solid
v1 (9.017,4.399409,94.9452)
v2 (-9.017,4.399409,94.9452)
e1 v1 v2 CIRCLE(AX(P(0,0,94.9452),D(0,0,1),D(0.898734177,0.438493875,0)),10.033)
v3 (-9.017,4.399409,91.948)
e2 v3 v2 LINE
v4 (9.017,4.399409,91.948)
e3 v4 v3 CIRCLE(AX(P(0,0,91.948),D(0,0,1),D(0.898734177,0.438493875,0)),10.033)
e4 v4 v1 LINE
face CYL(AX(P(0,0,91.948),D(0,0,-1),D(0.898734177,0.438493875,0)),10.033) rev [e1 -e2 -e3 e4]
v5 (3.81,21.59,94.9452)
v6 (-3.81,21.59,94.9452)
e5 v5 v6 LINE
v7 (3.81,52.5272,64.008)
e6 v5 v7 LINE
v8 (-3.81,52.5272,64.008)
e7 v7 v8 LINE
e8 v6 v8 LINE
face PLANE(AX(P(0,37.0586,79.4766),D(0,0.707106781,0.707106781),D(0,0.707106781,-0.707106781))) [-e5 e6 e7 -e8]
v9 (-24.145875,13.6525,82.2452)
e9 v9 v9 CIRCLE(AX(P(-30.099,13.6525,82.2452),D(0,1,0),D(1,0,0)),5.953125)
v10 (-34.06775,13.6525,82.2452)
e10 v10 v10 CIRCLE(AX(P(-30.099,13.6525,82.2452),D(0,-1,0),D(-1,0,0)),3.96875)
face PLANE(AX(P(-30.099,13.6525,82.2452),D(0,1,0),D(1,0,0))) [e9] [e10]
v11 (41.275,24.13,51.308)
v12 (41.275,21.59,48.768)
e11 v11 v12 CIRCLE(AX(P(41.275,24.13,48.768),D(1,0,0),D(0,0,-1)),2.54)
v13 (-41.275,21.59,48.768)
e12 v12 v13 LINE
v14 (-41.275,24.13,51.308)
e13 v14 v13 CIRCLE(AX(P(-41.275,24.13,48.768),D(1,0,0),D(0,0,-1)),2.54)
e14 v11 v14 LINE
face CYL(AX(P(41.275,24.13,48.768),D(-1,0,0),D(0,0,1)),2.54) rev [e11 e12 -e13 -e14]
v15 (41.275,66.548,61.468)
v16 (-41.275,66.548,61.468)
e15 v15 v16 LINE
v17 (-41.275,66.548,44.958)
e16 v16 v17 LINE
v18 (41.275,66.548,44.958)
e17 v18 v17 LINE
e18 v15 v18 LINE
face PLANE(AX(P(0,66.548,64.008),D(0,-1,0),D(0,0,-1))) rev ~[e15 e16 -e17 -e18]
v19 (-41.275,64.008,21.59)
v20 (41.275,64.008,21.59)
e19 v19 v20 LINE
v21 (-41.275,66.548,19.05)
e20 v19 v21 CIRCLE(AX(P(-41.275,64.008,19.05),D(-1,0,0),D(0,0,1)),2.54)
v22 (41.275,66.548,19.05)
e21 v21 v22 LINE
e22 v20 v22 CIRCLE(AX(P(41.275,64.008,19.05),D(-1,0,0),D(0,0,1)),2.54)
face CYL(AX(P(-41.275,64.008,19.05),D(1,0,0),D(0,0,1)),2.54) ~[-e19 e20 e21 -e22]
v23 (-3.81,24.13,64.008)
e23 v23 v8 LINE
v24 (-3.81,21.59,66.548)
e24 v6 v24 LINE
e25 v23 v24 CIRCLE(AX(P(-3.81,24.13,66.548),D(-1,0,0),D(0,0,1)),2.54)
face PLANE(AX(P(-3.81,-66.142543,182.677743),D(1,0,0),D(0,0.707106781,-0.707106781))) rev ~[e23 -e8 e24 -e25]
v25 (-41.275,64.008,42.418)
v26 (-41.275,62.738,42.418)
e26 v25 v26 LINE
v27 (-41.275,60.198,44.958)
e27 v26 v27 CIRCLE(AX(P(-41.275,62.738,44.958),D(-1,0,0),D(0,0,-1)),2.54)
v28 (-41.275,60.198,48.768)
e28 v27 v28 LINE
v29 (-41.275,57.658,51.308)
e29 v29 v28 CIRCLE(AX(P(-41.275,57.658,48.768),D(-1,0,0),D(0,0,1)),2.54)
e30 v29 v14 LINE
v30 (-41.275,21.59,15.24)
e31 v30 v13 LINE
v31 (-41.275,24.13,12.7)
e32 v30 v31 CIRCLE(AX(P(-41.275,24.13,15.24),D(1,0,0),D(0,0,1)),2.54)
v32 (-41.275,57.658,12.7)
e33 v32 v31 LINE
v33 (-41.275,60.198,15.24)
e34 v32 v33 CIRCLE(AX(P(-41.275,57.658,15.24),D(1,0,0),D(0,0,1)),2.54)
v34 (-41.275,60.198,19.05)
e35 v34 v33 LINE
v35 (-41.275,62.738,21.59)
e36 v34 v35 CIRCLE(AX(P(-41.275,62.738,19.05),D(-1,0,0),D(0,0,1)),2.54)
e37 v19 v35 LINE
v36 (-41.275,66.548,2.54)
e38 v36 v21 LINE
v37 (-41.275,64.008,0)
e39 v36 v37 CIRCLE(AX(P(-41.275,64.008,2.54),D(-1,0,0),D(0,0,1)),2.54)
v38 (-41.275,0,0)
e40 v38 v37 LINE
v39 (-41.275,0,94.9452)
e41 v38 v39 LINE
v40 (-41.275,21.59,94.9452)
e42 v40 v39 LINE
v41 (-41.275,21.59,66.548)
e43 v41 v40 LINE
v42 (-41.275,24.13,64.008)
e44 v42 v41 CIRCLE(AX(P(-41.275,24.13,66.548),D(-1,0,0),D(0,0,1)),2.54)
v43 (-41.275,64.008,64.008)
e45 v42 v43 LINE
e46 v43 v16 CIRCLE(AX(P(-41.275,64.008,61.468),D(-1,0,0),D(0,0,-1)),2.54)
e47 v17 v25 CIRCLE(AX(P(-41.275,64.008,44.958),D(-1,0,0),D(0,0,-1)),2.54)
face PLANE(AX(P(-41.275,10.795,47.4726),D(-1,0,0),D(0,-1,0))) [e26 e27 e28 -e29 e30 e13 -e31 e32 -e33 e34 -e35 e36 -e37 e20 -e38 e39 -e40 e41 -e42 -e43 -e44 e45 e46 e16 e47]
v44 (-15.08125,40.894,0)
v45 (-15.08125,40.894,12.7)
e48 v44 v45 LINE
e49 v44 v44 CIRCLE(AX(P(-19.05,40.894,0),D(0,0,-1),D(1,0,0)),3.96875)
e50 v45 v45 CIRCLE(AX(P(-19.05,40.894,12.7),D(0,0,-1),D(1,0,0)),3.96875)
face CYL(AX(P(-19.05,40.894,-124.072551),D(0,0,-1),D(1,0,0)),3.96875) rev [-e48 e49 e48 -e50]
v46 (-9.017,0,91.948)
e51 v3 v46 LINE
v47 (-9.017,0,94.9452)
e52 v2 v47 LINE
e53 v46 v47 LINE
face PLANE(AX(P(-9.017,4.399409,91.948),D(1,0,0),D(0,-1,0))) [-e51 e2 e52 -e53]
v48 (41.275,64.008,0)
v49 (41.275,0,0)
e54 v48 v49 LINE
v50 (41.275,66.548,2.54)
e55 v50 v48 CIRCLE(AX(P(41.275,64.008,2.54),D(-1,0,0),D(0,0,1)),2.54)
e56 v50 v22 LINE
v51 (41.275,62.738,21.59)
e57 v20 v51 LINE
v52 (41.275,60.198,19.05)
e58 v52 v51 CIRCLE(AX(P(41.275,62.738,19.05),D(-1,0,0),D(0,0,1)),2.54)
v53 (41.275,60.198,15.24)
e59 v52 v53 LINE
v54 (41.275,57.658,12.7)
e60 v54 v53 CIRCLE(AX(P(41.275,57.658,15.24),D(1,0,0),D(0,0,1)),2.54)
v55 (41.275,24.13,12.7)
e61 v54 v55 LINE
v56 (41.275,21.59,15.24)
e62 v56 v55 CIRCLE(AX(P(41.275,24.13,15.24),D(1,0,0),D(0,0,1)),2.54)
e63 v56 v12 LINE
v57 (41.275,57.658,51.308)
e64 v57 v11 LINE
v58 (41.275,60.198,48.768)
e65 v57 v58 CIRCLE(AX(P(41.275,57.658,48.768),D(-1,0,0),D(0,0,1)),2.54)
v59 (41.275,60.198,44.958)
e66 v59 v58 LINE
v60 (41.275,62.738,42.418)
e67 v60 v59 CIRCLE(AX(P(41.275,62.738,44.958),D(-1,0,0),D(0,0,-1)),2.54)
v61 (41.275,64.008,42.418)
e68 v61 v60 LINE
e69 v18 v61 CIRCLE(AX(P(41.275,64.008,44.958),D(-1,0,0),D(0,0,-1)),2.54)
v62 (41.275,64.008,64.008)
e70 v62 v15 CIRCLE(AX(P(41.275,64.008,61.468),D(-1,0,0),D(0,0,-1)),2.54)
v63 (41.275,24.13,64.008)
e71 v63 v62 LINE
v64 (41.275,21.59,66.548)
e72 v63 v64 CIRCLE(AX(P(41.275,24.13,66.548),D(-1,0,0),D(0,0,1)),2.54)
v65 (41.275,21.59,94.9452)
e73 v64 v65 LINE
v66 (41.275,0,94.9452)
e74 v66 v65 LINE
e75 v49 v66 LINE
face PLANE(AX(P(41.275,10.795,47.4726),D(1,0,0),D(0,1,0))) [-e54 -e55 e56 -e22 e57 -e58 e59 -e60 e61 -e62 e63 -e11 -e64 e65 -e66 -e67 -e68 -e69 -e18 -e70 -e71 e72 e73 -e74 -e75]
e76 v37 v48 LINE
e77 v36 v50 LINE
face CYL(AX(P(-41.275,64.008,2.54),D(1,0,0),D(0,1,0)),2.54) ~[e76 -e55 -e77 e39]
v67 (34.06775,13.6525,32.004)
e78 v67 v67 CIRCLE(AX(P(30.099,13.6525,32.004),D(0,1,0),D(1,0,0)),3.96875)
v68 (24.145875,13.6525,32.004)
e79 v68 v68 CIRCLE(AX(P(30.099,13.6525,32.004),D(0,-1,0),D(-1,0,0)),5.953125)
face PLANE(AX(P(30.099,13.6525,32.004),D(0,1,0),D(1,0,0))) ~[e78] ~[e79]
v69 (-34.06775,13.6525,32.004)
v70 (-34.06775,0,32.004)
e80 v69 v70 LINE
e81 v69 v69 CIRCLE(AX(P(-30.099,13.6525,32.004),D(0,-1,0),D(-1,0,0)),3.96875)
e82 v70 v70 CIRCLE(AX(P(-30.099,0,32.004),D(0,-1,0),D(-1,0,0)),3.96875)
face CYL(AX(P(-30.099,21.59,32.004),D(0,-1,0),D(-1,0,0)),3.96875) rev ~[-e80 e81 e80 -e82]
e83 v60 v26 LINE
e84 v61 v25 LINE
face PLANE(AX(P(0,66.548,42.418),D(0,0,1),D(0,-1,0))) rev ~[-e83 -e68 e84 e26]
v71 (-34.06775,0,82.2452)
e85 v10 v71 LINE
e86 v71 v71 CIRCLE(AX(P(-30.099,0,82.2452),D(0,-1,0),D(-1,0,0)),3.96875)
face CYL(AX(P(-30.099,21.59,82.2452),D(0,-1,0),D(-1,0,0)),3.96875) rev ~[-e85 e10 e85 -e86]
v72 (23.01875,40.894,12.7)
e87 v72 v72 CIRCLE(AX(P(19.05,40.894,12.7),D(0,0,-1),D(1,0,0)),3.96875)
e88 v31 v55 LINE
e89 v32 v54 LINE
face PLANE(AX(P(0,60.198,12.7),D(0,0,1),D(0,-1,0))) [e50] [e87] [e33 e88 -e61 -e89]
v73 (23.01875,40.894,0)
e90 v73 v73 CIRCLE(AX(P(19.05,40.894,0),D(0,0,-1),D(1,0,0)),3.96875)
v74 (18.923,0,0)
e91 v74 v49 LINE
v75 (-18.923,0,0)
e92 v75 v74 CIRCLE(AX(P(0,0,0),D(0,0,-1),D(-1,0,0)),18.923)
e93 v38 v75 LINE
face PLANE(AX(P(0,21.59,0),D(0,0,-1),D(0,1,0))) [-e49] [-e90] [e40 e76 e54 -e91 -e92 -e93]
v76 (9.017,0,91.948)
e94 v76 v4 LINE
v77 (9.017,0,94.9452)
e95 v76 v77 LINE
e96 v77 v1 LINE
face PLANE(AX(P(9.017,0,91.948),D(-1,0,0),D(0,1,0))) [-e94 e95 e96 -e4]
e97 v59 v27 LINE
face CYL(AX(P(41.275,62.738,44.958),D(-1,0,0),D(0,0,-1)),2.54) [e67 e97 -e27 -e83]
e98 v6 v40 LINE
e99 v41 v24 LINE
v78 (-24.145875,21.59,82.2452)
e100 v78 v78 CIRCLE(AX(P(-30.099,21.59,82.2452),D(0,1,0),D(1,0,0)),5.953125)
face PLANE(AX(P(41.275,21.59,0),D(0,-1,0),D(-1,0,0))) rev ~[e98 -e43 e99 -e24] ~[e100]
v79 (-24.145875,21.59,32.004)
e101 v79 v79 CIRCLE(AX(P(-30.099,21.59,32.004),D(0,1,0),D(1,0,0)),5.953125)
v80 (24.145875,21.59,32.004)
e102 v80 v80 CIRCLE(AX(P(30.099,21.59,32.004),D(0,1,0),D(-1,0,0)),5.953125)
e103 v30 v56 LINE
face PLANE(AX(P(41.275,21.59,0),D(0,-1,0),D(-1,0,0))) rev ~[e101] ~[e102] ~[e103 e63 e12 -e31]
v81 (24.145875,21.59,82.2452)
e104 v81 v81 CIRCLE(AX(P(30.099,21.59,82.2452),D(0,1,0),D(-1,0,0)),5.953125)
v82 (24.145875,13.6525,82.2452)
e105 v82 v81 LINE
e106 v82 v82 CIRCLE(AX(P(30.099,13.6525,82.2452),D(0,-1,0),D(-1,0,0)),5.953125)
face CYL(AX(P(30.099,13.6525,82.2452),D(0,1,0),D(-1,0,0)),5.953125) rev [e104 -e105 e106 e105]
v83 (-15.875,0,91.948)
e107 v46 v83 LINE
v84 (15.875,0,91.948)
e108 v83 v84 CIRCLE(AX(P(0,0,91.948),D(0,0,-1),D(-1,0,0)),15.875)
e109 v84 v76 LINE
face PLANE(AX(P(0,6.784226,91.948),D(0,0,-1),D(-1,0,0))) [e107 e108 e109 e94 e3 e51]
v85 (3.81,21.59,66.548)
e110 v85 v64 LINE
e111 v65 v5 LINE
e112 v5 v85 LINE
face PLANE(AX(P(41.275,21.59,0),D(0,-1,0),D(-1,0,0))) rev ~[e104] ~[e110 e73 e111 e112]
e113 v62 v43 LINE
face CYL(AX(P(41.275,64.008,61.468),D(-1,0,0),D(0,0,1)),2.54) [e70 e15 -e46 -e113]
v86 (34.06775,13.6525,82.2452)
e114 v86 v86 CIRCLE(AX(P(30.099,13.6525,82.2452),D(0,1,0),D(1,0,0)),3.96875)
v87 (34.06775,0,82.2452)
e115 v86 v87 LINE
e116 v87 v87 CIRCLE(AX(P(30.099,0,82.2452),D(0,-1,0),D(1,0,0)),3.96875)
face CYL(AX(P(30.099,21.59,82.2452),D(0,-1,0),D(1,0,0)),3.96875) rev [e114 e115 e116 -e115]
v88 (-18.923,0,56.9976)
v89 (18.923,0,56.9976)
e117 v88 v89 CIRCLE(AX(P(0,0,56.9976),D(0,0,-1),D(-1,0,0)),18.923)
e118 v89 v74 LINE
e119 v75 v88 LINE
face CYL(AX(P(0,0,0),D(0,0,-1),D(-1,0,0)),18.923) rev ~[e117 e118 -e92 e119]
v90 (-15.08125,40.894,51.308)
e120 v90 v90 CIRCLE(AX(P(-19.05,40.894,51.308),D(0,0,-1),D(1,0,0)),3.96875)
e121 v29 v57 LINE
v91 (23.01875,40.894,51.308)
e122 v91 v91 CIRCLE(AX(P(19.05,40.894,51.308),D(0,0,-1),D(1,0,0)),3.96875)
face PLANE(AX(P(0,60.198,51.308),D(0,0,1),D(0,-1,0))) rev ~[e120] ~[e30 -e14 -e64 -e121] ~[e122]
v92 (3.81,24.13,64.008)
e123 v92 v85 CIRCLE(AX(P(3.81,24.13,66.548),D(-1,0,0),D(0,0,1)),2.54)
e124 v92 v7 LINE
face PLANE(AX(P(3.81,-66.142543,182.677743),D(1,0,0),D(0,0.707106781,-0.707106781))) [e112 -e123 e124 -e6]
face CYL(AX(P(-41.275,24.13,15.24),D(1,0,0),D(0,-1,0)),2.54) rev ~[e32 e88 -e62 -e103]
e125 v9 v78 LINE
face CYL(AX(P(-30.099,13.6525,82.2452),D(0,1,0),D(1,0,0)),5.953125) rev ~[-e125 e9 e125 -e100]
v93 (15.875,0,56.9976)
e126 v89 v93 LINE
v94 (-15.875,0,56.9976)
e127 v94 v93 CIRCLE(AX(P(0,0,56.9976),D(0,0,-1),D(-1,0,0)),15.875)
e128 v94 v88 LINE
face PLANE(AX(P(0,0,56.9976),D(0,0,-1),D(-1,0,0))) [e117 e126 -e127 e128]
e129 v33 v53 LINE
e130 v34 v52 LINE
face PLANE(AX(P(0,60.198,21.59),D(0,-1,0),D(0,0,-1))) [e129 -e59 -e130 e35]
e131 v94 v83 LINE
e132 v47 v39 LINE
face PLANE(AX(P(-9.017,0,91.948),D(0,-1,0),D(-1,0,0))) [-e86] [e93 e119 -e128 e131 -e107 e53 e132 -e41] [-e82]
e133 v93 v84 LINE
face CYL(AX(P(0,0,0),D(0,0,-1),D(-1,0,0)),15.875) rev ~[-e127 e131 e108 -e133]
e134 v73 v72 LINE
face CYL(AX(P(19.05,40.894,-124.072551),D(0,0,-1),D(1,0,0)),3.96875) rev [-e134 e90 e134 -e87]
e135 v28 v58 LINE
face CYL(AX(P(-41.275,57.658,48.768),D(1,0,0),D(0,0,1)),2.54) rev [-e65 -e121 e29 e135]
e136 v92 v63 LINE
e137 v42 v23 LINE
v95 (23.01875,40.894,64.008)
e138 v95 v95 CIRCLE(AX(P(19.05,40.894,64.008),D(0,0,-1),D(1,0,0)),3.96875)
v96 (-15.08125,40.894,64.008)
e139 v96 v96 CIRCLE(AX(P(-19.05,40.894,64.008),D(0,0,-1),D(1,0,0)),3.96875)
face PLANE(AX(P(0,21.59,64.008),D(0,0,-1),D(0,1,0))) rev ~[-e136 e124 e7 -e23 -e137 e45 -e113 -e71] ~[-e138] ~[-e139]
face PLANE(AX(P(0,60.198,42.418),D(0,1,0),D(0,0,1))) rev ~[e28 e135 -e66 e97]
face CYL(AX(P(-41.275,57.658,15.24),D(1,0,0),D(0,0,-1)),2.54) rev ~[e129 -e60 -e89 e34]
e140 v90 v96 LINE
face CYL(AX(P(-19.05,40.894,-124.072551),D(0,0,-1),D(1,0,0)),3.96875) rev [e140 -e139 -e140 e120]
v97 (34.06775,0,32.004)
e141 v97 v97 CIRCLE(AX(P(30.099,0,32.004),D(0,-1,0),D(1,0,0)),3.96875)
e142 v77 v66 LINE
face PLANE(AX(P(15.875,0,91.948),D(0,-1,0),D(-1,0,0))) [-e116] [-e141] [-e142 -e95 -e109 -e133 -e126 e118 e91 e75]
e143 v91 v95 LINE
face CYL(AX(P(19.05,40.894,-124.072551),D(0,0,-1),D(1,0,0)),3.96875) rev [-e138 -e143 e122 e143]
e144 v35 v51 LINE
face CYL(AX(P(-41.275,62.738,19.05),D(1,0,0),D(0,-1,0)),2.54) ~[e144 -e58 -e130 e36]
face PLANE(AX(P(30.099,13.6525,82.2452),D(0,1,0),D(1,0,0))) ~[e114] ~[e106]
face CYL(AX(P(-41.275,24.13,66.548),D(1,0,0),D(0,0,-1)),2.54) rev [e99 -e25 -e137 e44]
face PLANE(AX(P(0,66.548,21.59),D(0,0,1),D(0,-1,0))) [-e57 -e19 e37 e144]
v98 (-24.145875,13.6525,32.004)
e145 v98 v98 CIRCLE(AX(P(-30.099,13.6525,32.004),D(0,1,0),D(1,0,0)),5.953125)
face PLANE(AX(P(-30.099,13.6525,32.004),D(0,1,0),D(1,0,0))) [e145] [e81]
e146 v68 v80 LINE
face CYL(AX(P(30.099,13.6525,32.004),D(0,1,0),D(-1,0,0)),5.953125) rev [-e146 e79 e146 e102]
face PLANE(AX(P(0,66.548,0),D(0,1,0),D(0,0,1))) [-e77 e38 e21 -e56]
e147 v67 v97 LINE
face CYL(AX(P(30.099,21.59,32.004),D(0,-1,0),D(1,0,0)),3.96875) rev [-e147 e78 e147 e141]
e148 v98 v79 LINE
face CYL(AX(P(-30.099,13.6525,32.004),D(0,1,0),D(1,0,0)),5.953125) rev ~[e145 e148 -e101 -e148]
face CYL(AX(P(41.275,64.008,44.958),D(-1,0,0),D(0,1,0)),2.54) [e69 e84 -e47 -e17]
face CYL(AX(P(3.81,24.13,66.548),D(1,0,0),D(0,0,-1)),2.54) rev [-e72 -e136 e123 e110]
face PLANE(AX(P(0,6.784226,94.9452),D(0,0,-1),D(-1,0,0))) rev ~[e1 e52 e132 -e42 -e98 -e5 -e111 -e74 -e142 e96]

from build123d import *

# Parameters (mm, degrees)
BOSS_EXTRUDE1_DEPTH             = 94.9452
SKETCH2_R                       = 18.923
CUT_EXTRUDE1_DEPTH              = 56.9976
BOSS_EXTRUDE2_START             = -2.9972
BOSS_EXTRUDE2_DEPTH             = 2.9972
BOSS_EXTRUDE3_REACH             = 107.756
BOSS_EXTRUDE3_DIRECTION_2_REACH = 107.756
HOLE2_D                         = 7.9375
HOLE2_CBORE_D                   = 11.90625
HOLE2_CBORE_DEPTH               = 7.9375
CUT_EXTRUDE3_DEPTH              = 124.072551497
CUT_EXTRUDE3_DEPTH_BACK         = 124.072551497
SKETCH10_R                      = 3.96875
RIB1_REACH                      = 125.073
SKETCH11_WALL_W                 = 291.896910816
SKETCH11_WALL_H                 = 7.62
FILLET1_R                       = 2.54


with BuildPart() as part:
    # Sketch1 → Boss-Extrude1 (new body)
    with BuildSketch(Plane.XY):
        with BuildLine():
            Line((15.875, 0), (41.275, 0))
            Line((41.275, 0), (41.275, 21.59))
            Line((41.275, 21.59), (-41.275, 21.59))
            Line((-41.275, 21.59), (-41.275, 0))
            Line((-41.275, 0), (-15.875, 0))
            ThreePointArc((-15.875, 0), (0, 15.875), (15.875, 0))
        make_face()
    extrude(amount=BOSS_EXTRUDE1_DEPTH)

    # Sketch2 → Cut-Extrude1 (cut)
    with BuildSketch(Plane(origin=(0, 0, 0), x_dir=(-1, 0, 0), z_dir=(0, 0, -1))):
        Circle(SKETCH2_R)
    extrude(amount=-CUT_EXTRUDE1_DEPTH, mode=Mode.SUBTRACT)

    # Sketch3 → Boss-Extrude2 (add)
    with BuildSketch(Plane.XY.offset(94.9452).offset(BOSS_EXTRUDE2_START)):
        with BuildLine():
            Line((-9.017, 4.399409051), (-9.017, 0))
            Line((-9.017, 0), (-15.875, 0))
            ThreePointArc((-15.875, 0), (0, 15.875), (15.875, 0))
            Line((15.875, 0), (9.017, 0))
            Line((9.017, 0), (9.017, 4.399409051))
            ThreePointArc((9.017, 4.399409051), (0, 10.033), (-9.017, 4.399409051))
        make_face()
    extrude(amount=BOSS_EXTRUDE2_DEPTH)

    # Boss-Extrude3: up to this face of the body (flat: up to its plane)
    boss_extrude3_end = Plane(part.part.faces().sort_by_distance((41.275, 10.795, 47.4726))[0])
    # Sketch6 → Boss-Extrude3 (add, up to the picked face)
    with BuildSketch(Plane(origin=(0, 0, 0), x_dir=(0, 0, -1), z_dir=(1, 0, 0)), mode=Mode.PRIVATE) as boss_extrude3_sk1:
        Polygon((0, 21.59), (0, 66.548), (-21.59, 66.548), (-21.59, 60.198), (-12.7, 60.198), (-12.7, 21.59), align=None)
    boss_extrude3_tool1 = split(extrude(boss_extrude3_sk1.sketch, amount=BOSS_EXTRUDE3_REACH, mode=Mode.PRIVATE), bisect_by=boss_extrude3_end, keep=Keep.BOTH, mode=Mode.PRIVATE)
    # Sketch6 → Boss-Extrude3 (add, up to the picked face)
    with BuildSketch(Plane(origin=(0, 0, 0), x_dir=(0, 0, -1), z_dir=(1, 0, 0)), mode=Mode.PRIVATE) as boss_extrude3_sk2:
        Polygon((-51.308, 21.59), (-64.008, 21.59), (-64.008, 66.548), (-42.418, 66.548), (-42.418, 60.198), (-51.308, 60.198), align=None)
    boss_extrude3_tool2 = split(extrude(boss_extrude3_sk2.sketch, amount=BOSS_EXTRUDE3_REACH, mode=Mode.PRIVATE), bisect_by=boss_extrude3_end, keep=Keep.BOTH, mode=Mode.PRIVATE)
    add(boss_extrude3_tool1.solids().sort_by(Axis((0, 45.805864, 7.321272), (1, 0, 0)))[0])
    add(boss_extrude3_tool2.solids().sort_by(Axis((0, 45.805864, 56.686728), (1, 0, 0)))[0])

    # Boss-Extrude3 direction 2: up to this face of the body (flat: up to its plane)
    boss_extrude3_direction_2_end = Plane(part.part.faces().sort_by_distance((-41.275, 10.795, 47.4726))[0])
    # Sketch6 → Boss-Extrude3 direction 2 (add, up to the picked face)
    with BuildSketch(Plane(origin=(0, 0, 0), x_dir=(0, 0, -1), z_dir=(1, 0, 0)), mode=Mode.PRIVATE) as boss_extrude3_direction_2_sk1:
        Polygon((0, 21.59), (0, 66.548), (-21.59, 66.548), (-21.59, 60.198), (-12.7, 60.198), (-12.7, 21.59), align=None)
    boss_extrude3_direction_2_tool1 = split(extrude(boss_extrude3_direction_2_sk1.sketch, amount=-BOSS_EXTRUDE3_DIRECTION_2_REACH, mode=Mode.PRIVATE), bisect_by=boss_extrude3_direction_2_end, keep=Keep.BOTH, mode=Mode.PRIVATE)
    # Sketch6 → Boss-Extrude3 direction 2 (add, up to the picked face)
    with BuildSketch(Plane(origin=(0, 0, 0), x_dir=(0, 0, -1), z_dir=(1, 0, 0)), mode=Mode.PRIVATE) as boss_extrude3_direction_2_sk2:
        Polygon((-51.308, 21.59), (-64.008, 21.59), (-64.008, 66.548), (-42.418, 66.548), (-42.418, 60.198), (-51.308, 60.198), align=None)
    boss_extrude3_direction_2_tool2 = split(extrude(boss_extrude3_direction_2_sk2.sketch, amount=-BOSS_EXTRUDE3_DIRECTION_2_REACH, mode=Mode.PRIVATE), bisect_by=boss_extrude3_direction_2_end, keep=Keep.BOTH, mode=Mode.PRIVATE)
    add(boss_extrude3_direction_2_tool1.solids().sort_by(Axis((0, 45.805864, 7.321272), (-1, 0, 0)))[0])
    add(boss_extrude3_direction_2_tool2.solids().sort_by(Axis((0, 45.805864, 56.686728), (-1, 0, 0)))[0])

    # Hole2 (through all)
    with Locations(Plane(origin=(0, 21.59, 0), x_dir=(1, 0, 0), z_dir=(0, 1, 0))):
        with Locations((-30.099, -32.004), (-30.099, -82.2452)):
            hole2 = CounterBoreHole(HOLE2_D / 2, HOLE2_CBORE_D / 2, HOLE2_CBORE_DEPTH)

    # Mirror2: Hole2 across plane
    add(hole2.mirror(Plane(origin=(0, 0, 0), x_dir=(0, 0, 1), z_dir=(1, 0, 0))), mode=Mode.SUBTRACT)

    # Sketch10 → Cut-Extrude3 (cut, two sides: drawn at the far end of the back side and taken through both)
    with BuildSketch(Plane.XY.offset(-CUT_EXTRUDE3_DEPTH_BACK)):
        with Locations((-19.05, 40.894)):
            Circle(SKETCH10_R)
        with Locations((19.05, 40.894)):
            Circle(SKETCH10_R)
    extrude(amount=CUT_EXTRUDE3_DEPTH + CUT_EXTRUDE3_DEPTH_BACK, mode=Mode.SUBTRACT)

    # Sketch11 wall → Rib1 (add, up to next)
    with BuildSketch(Plane(origin=(0, 37.0586, 79.4766), x_dir=(0, 0.707106781187, -0.707106781187), z_dir=(0, 0.707106781187, 0.707106781187)), mode=Mode.PRIVATE) as rib1_sk1:
        Rectangle(SKETCH11_WALL_W, SKETCH11_WALL_H)
    rib1_tool1 = extrude(rib1_sk1.sketch, amount=-RIB1_REACH, mode=Mode.PRIVATE) - part.part
    add(rib1_tool1.solids().sort_by_distance((0, 37.0586, 79.4766))[0])

    # Fillet1
    fillet1_edges = [part.edges().sort_by_distance(p)[0] for p in [
        (-22.5425, 21.59, 64.008),
        (0, 60.198, 12.7),
        (0, 60.198, 21.59),
        (0, 66.548, 21.59),
        (0, 66.548, 0),
        (0, 21.59, 12.7),
        (22.5425, 21.59, 64.008),
        (0, 66.548, 64.008),
        (0, 66.548, 42.418),
        (0, 60.198, 42.418),
        (0, 60.198, 51.308),
        (0, 21.59, 51.308),
    ]]
    fillet(fillet1_edges, radius=FILLET1_R)


solid = part.part
